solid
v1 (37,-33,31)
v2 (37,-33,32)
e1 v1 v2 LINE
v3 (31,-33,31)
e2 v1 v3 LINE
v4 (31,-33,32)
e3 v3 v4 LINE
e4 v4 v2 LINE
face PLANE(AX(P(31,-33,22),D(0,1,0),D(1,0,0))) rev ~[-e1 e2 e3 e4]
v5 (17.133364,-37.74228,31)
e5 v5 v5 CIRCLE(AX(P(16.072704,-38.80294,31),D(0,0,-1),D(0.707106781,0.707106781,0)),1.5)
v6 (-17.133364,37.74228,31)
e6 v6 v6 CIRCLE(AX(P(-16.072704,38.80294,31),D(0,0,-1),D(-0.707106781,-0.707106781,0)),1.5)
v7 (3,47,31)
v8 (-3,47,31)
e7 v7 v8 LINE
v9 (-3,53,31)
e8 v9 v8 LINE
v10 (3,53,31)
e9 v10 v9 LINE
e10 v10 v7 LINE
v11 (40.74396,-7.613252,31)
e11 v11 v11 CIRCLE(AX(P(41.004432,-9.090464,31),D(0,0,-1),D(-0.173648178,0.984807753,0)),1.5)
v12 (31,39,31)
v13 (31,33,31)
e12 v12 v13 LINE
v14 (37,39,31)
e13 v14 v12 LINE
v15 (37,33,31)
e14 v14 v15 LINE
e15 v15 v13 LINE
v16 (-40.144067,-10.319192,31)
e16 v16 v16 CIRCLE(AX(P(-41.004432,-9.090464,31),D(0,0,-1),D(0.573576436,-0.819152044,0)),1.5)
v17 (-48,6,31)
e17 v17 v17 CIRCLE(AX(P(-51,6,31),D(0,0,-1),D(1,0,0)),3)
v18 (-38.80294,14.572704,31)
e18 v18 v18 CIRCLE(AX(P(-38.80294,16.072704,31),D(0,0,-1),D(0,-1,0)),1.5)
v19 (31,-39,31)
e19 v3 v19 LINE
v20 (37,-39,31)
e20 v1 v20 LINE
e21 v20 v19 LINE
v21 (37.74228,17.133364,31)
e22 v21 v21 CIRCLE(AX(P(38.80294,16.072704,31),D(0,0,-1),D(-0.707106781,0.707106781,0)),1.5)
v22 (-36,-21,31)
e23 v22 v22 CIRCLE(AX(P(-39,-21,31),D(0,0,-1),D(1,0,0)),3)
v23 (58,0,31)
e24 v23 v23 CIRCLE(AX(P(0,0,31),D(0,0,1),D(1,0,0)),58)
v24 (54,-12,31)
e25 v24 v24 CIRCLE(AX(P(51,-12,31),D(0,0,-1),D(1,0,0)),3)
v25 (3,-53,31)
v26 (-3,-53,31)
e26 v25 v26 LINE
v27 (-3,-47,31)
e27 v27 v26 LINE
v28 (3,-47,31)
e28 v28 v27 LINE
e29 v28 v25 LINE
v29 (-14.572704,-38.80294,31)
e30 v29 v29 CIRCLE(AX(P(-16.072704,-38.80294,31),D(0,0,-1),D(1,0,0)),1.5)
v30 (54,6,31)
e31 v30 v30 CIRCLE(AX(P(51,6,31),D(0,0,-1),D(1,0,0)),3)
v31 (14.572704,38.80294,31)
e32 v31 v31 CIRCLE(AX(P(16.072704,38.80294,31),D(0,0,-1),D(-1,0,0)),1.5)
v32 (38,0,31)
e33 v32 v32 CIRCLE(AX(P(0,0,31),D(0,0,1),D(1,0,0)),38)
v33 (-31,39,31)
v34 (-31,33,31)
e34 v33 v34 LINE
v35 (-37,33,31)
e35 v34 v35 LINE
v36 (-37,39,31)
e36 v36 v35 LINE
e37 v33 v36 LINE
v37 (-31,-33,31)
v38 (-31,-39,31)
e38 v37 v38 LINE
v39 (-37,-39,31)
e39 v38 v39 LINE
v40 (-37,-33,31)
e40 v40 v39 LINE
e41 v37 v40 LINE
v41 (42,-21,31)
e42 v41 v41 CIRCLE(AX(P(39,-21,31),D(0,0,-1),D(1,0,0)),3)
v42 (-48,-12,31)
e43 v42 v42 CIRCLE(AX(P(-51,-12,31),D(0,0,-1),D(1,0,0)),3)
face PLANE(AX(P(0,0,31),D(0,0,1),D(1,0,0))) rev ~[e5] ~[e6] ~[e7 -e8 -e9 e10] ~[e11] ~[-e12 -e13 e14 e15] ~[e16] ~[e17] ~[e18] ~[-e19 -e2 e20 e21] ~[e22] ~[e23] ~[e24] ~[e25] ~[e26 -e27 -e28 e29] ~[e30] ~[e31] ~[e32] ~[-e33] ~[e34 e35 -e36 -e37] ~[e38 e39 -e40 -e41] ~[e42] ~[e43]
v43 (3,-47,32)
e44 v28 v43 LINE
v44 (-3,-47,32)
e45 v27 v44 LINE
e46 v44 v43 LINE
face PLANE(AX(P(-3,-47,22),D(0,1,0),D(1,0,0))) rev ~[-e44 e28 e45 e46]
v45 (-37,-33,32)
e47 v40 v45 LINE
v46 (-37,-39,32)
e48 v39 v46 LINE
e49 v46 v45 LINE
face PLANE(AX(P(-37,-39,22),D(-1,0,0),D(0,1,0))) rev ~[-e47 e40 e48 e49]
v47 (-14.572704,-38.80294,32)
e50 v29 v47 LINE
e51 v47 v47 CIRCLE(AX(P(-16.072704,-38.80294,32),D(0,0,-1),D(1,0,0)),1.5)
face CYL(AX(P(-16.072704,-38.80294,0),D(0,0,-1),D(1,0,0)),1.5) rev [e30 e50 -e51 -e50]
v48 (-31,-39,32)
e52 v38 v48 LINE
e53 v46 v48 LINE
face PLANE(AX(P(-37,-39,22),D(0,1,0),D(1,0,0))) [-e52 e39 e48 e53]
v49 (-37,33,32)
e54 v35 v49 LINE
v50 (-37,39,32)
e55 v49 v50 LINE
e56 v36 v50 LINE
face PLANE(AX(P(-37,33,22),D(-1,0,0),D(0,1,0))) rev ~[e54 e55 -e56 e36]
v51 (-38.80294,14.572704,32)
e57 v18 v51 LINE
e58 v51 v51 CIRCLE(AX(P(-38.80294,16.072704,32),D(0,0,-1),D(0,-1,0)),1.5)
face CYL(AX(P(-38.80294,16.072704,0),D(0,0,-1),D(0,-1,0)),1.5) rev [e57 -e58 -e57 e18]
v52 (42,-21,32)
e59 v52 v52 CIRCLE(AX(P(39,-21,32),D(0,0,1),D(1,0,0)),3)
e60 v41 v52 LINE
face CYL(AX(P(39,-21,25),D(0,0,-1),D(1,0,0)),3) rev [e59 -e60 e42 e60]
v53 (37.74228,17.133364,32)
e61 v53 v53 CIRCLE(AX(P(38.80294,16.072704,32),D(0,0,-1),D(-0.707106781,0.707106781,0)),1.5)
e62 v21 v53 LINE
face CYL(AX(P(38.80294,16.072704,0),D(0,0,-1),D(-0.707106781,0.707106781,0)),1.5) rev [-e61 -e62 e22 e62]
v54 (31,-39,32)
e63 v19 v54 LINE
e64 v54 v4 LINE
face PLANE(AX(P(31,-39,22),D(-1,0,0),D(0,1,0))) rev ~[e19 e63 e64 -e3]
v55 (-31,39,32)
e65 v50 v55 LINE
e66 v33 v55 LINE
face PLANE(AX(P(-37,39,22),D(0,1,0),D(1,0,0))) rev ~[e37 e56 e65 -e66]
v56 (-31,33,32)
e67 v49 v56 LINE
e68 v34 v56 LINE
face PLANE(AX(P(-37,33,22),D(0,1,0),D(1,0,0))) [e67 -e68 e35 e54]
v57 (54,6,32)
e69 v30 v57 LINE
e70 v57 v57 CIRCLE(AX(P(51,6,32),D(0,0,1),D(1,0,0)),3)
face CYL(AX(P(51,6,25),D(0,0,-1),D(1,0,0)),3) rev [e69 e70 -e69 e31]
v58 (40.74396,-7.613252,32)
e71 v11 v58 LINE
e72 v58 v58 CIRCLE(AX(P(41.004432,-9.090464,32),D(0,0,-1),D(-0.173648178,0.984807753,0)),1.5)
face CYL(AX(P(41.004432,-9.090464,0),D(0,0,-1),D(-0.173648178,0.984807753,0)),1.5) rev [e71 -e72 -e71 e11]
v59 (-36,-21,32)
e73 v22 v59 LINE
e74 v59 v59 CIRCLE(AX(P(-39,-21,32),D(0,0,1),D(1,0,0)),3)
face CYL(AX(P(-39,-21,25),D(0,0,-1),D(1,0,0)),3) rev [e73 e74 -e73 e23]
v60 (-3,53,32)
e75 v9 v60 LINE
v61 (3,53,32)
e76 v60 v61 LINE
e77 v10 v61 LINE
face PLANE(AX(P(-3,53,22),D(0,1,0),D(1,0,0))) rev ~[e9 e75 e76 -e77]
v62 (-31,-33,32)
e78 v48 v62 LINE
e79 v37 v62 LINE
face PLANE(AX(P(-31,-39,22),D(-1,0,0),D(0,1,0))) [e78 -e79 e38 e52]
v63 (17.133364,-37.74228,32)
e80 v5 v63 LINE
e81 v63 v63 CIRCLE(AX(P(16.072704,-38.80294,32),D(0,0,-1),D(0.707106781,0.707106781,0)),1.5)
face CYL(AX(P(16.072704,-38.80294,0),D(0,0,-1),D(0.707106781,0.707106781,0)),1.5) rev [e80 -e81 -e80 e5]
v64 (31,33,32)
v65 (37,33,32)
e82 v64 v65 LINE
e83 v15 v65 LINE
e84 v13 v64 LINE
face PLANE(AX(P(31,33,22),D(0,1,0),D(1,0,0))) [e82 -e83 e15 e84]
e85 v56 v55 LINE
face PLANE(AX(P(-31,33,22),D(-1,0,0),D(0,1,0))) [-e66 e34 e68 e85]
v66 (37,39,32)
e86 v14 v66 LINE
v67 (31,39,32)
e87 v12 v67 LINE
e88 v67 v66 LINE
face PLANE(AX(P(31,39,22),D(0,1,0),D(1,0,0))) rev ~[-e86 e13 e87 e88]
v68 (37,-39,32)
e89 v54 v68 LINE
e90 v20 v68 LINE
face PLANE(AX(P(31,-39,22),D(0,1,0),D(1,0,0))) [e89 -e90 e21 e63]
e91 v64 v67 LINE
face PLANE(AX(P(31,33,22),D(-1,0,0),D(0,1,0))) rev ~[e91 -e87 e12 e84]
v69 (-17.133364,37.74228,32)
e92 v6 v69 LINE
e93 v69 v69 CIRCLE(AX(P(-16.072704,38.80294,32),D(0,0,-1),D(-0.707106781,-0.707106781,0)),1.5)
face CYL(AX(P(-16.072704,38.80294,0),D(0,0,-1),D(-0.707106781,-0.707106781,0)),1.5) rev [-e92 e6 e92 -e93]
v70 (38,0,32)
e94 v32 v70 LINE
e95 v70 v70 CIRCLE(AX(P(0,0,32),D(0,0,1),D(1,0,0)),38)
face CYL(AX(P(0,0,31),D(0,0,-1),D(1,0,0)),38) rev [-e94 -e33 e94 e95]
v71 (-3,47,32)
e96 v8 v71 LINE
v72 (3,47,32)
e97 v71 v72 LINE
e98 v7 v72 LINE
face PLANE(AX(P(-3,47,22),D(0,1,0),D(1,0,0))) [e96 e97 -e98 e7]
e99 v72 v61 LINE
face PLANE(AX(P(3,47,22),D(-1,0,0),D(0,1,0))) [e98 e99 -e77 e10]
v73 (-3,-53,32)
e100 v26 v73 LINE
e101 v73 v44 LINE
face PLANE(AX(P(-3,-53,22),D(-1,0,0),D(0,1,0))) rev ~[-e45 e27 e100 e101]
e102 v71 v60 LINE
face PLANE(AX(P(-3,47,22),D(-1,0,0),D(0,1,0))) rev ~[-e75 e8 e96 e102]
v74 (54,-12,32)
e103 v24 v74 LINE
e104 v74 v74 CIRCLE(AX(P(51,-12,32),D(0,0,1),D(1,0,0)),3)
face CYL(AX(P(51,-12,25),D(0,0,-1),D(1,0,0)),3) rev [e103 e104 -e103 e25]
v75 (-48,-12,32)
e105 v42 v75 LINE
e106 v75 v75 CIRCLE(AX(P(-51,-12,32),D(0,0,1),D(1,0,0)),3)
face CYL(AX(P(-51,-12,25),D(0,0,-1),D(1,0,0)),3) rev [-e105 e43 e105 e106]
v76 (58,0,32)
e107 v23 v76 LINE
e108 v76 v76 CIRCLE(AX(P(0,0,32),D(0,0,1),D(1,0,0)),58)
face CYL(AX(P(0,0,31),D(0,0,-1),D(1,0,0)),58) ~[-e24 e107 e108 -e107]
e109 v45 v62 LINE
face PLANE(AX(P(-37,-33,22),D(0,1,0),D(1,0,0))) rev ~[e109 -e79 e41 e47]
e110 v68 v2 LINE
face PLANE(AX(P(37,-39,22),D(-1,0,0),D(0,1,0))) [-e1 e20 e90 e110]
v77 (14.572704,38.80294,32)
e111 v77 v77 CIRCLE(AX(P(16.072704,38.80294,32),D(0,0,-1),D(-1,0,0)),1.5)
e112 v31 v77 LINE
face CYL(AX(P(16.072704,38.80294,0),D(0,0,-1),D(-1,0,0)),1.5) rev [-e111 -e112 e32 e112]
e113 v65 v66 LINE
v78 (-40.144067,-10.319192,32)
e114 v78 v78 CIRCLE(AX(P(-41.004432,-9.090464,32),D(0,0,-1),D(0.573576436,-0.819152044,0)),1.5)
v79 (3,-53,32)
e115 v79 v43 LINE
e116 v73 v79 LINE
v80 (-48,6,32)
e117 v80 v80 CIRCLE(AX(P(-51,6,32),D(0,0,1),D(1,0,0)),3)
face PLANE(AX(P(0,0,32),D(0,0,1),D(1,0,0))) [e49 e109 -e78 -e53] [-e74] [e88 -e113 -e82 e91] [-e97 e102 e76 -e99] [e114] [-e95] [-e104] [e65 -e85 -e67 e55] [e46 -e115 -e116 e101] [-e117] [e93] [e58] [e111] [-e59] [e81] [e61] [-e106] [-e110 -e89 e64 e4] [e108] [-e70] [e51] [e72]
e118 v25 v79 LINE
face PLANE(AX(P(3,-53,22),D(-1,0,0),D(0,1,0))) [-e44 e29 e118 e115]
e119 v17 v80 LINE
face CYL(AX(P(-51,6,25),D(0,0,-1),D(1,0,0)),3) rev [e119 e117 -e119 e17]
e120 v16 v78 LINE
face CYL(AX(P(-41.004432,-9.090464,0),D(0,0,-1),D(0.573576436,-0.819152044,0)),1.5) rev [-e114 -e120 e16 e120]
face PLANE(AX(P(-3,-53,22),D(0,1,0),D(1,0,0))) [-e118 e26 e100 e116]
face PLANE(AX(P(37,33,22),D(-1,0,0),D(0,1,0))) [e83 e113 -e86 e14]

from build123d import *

# Parameters (mm, degrees)
CYLINDER531_R               = 3
CYLINDER531_DEPTH           = 7
CYLINDER530_R               = 3
CYLINDER530_DEPTH           = 7
CYLINDER445_R               = 1.5
CYLINDER445_DEPTH           = 100
CYLINDER445_PLACEMENT_ANGLE = 100
CYLINDER446_R               = 1.5
CYLINDER446_DEPTH           = 100
CYLINDER446_PLACEMENT_ANGLE = 135
CYLINDER447_R               = 1.5
CYLINDER447_DEPTH           = 100
CYLINDER448_R               = 1.5
CYLINDER448_DEPTH           = 100
CYLINDER448_PLACEMENT_ANGLE = 225
CYLINDER449_R               = 1.5
CYLINDER449_DEPTH           = 100
CYLINDER450_R               = 1.5
CYLINDER450_DEPTH           = 100
CYLINDER450_PLACEMENT_ANGLE = 55
CYLINDER451_R               = 1.5
CYLINDER451_DEPTH           = 100
CYLINDER444_R               = 1.5
CYLINDER444_DEPTH           = 100
CYLINDER444_PLACEMENT_ANGLE = 45
BOX154_W                    = 6
BOX154_H                    = 6
BOX154_DEPTH                = 10
BOX151_W                    = 6
BOX151_H                    = 6
BOX151_DEPTH                = 10
BOX155_W                    = 6
BOX155_H                    = 6
BOX155_DEPTH                = 10
BOX153_W                    = 6
BOX153_H                    = 6
BOX153_DEPTH                = 10
BOX156_W                    = 6
BOX156_H                    = 6
BOX156_DEPTH                = 10
BOX152_W                    = 6
BOX152_H                    = 6
BOX152_DEPTH                = 10
CYLINDER407_R               = 3
CYLINDER407_DEPTH           = 7
CYLINDER405_R               = 3
CYLINDER405_DEPTH           = 7
CYLINDER404_R               = 3
CYLINDER404_DEPTH           = 7
CYLINDER406_R               = 3
CYLINDER406_DEPTH           = 7
TUBE020_R                   = 58
TUBE020_R_2                 = 38
TUBE020_DEPTH               = 1


with BuildPart() as v_lec531:
    # Cylinder531 → Cylinder531 (new body)
    with BuildSketch(Plane(origin=(39, -21, 50), x_dir=(1, 0, 0), z_dir=(0, 0, 1))):
        Circle(CYLINDER531_R)
    extrude(amount=CYLINDER531_DEPTH)


with BuildPart() as compound337:
    # Cylinder530 → Cylinder530 (new body)
    with BuildSketch(Plane(origin=(-39, -21, 50), x_dir=(1, 0, 0), z_dir=(0, 0, 1))):
        Circle(CYLINDER530_R)
    extrude(amount=CYLINDER530_DEPTH)

    # Compound337: union Válec531
    add(v_lec531.part)


with BuildPart() as compound337_1:
    # Compound337 placement: moved
    add(compound337.part.moved(Location((0, 0, -25))))


with BuildPart() as v_lec445:
    # Cylinder445 → Cylinder445 (new body)
    with BuildSketch(Plane.XY):
        Circle(CYLINDER445_R)
    extrude(amount=CYLINDER445_DEPTH)


with BuildPart() as v_lec445_1:
    # Cylinder445 placement: moved
    add(v_lec445.part.moved(Location((41.004432, -9.090464, 0))).rotate(Axis((41.004432, -9.090464, 0), (0, 0, 1)), CYLINDER445_PLACEMENT_ANGLE))


with BuildPart() as v_lec446:
    # Cylinder446 → Cylinder446 (new body)
    with BuildSketch(Plane.XY):
        Circle(CYLINDER446_R)
    extrude(amount=CYLINDER446_DEPTH)


with BuildPart() as v_lec446_1:
    # Cylinder446 placement: moved
    add(v_lec446.part.moved(Location((38.80294, 16.072704, 0))).rotate(Axis((38.80294, 16.072704, 0), (0, 0, 1)), CYLINDER446_PLACEMENT_ANGLE))


with BuildPart() as v_lec447:
    # Cylinder447 → Cylinder447 (new body)
    with BuildSketch(Plane(origin=(16.072704, 38.80294, 0), x_dir=(-1, 0, 0), z_dir=(0, 0, 1))):
        Circle(CYLINDER447_R)
    extrude(amount=CYLINDER447_DEPTH)


with BuildPart() as v_lec448:
    # Cylinder448 → Cylinder448 (new body)
    with BuildSketch(Plane.XY):
        Circle(CYLINDER448_R)
    extrude(amount=CYLINDER448_DEPTH)


with BuildPart() as v_lec448_1:
    # Cylinder448 placement: moved
    add(v_lec448.part.moved(Location((-16.072704, 38.80294, 0))).rotate(Axis((-16.072704, 38.80294, 0), (0, 0, 1)), CYLINDER448_PLACEMENT_ANGLE))


with BuildPart() as v_lec449:
    # Cylinder449 → Cylinder449 (new body)
    with BuildSketch(Plane(origin=(-38.80294, 16.072704, 0), x_dir=(0, -1, 0), z_dir=(0, 0, 1))):
        Circle(CYLINDER449_R)
    extrude(amount=CYLINDER449_DEPTH)


with BuildPart() as v_lec450:
    # Cylinder450 → Cylinder450 (new body)
    with BuildSketch(Plane.XY):
        Circle(CYLINDER450_R)
    extrude(amount=CYLINDER450_DEPTH)


with BuildPart() as v_lec450_1:
    # Cylinder450 placement: moved
    add(v_lec450.part.moved(Location((-41.004432, -9.090464, 0))).rotate(Axis((-41.004432, -9.090464, 0), (0, 0, -1)), CYLINDER450_PLACEMENT_ANGLE))


with BuildPart() as v_lec451:
    # Cylinder451 → Cylinder451 (new body)
    with BuildSketch(Plane(origin=(-16.072704, -38.80294, 0), x_dir=(1, 0, 0), z_dir=(0, 0, 1))):
        Circle(CYLINDER451_R)
    extrude(amount=CYLINDER451_DEPTH)


with BuildPart() as compound325:
    # Cylinder444 → Cylinder444 (new body)
    with BuildSketch(Plane.XY):
        Circle(CYLINDER444_R)
    extrude(amount=CYLINDER444_DEPTH)


with BuildPart() as compound325_1:
    # Cylinder444 placement: moved
    add(compound325.part.moved(Location((16.072704, -38.80294, 0))).rotate(Axis((16.072704, -38.80294, 0), (0, 0, 1)), CYLINDER444_PLACEMENT_ANGLE))

    # Compound325: union Válec445, Válec446, Válec447, Válec448, Válec449, Válec450, Válec451
    add(v_lec445_1.part)
    add(v_lec446_1.part)
    add(v_lec447.part)
    add(v_lec448_1.part)
    add(v_lec449.part)
    add(v_lec450_1.part)
    add(v_lec451.part)


with BuildPart() as krychle154:
    # Box154 → Box154 (new body)
    with BuildSketch(Plane(origin=(-37, -39, 40), x_dir=(1, 0, 0), z_dir=(0, 0, 1))):
        with Locations((3, 3)):
            Rectangle(BOX154_W, BOX154_H)
    extrude(amount=BOX154_DEPTH)


with BuildPart() as krychle151:
    # Box151 → Box151 (new body)
    with BuildSketch(Plane(origin=(-3, -53, 40), x_dir=(1, 0, 0), z_dir=(0, 0, 1))):
        with Locations((3, 3)):
            Rectangle(BOX151_W, BOX151_H)
    extrude(amount=BOX151_DEPTH)


with BuildPart() as krychle155:
    # Box155 → Box155 (new body)
    with BuildSketch(Plane(origin=(31, 33, 40), x_dir=(1, 0, 0), z_dir=(0, 0, 1))):
        with Locations((3, 3)):
            Rectangle(BOX155_W, BOX155_H)
    extrude(amount=BOX155_DEPTH)


with BuildPart() as krychle153:
    # Box153 → Box153 (new body)
    with BuildSketch(Plane(origin=(-37, 33, 40), x_dir=(1, 0, 0), z_dir=(0, 0, 1))):
        with Locations((3, 3)):
            Rectangle(BOX153_W, BOX153_H)
    extrude(amount=BOX153_DEPTH)


with BuildPart() as krychle156:
    # Box156 → Box156 (new body)
    with BuildSketch(Plane(origin=(31, -39, 40), x_dir=(1, 0, 0), z_dir=(0, 0, 1))):
        with Locations((3, 3)):
            Rectangle(BOX156_W, BOX156_H)
    extrude(amount=BOX156_DEPTH)


with BuildPart() as compound316:
    # Box152 → Box152 (new body)
    with BuildSketch(Plane(origin=(-3, 47, 40), x_dir=(1, 0, 0), z_dir=(0, 0, 1))):
        with Locations((3, 3)):
            Rectangle(BOX152_W, BOX152_H)
    extrude(amount=BOX152_DEPTH)

    # Compound316: union Krychle154, Krychle151, Krychle155, Krychle153, Krychle156
    add(krychle154.part)
    add(krychle151.part)
    add(krychle155.part)
    add(krychle153.part)
    add(krychle156.part)


with BuildPart() as compound316_1:
    # Compound316 placement: moved
    add(compound316.part.moved(Location((0, 0, -18))))


with BuildPart() as v_lec407:
    # Cylinder407 → Cylinder407 (new body)
    with BuildSketch(Plane(origin=(51, -12, 50), x_dir=(1, 0, 0), z_dir=(0, 0, 1))):
        Circle(CYLINDER407_R)
    extrude(amount=CYLINDER407_DEPTH)


with BuildPart() as v_lec405:
    # Cylinder405 → Cylinder405 (new body)
    with BuildSketch(Plane(origin=(51, 6, 50), x_dir=(1, 0, 0), z_dir=(0, 0, 1))):
        Circle(CYLINDER405_R)
    extrude(amount=CYLINDER405_DEPTH)


with BuildPart() as v_lec404:
    # Cylinder404 → Cylinder404 (new body)
    with BuildSketch(Plane(origin=(-51, 6, 50), x_dir=(1, 0, 0), z_dir=(0, 0, 1))):
        Circle(CYLINDER404_R)
    extrude(amount=CYLINDER404_DEPTH)


with BuildPart() as compound312:
    # Cylinder406 → Cylinder406 (new body)
    with BuildSketch(Plane(origin=(-51, -12, 50), x_dir=(1, 0, 0), z_dir=(0, 0, 1))):
        Circle(CYLINDER406_R)
    extrude(amount=CYLINDER406_DEPTH)

    # Compound312: union Válec407, Válec405, Válec404
    add(v_lec407.part)
    add(v_lec405.part)
    add(v_lec404.part)


with BuildPart() as compound312_1:
    # Compound312 placement: moved
    add(compound312.part.moved(Location((0, 0, -25))))


with BuildPart() as cut:
    # Tube020 → Tube020 (new body)
    with BuildSketch(Plane.XY.offset(31)):
        Circle(TUBE020_R)
        Circle(TUBE020_R_2, mode=Mode.SUBTRACT)
    extrude(amount=TUBE020_DEPTH)

    # Cut161: cut Compound312
    add(compound312_1.part, mode=Mode.SUBTRACT)

    # Cut163: cut Compound316
    add(compound316_1.part, mode=Mode.SUBTRACT)

    # Cut173: cut Compound325
    add(compound325_1.part, mode=Mode.SUBTRACT)

    # Cut: cut Compound337
    add(compound337_1.part, mode=Mode.SUBTRACT)


solid = cut.part
